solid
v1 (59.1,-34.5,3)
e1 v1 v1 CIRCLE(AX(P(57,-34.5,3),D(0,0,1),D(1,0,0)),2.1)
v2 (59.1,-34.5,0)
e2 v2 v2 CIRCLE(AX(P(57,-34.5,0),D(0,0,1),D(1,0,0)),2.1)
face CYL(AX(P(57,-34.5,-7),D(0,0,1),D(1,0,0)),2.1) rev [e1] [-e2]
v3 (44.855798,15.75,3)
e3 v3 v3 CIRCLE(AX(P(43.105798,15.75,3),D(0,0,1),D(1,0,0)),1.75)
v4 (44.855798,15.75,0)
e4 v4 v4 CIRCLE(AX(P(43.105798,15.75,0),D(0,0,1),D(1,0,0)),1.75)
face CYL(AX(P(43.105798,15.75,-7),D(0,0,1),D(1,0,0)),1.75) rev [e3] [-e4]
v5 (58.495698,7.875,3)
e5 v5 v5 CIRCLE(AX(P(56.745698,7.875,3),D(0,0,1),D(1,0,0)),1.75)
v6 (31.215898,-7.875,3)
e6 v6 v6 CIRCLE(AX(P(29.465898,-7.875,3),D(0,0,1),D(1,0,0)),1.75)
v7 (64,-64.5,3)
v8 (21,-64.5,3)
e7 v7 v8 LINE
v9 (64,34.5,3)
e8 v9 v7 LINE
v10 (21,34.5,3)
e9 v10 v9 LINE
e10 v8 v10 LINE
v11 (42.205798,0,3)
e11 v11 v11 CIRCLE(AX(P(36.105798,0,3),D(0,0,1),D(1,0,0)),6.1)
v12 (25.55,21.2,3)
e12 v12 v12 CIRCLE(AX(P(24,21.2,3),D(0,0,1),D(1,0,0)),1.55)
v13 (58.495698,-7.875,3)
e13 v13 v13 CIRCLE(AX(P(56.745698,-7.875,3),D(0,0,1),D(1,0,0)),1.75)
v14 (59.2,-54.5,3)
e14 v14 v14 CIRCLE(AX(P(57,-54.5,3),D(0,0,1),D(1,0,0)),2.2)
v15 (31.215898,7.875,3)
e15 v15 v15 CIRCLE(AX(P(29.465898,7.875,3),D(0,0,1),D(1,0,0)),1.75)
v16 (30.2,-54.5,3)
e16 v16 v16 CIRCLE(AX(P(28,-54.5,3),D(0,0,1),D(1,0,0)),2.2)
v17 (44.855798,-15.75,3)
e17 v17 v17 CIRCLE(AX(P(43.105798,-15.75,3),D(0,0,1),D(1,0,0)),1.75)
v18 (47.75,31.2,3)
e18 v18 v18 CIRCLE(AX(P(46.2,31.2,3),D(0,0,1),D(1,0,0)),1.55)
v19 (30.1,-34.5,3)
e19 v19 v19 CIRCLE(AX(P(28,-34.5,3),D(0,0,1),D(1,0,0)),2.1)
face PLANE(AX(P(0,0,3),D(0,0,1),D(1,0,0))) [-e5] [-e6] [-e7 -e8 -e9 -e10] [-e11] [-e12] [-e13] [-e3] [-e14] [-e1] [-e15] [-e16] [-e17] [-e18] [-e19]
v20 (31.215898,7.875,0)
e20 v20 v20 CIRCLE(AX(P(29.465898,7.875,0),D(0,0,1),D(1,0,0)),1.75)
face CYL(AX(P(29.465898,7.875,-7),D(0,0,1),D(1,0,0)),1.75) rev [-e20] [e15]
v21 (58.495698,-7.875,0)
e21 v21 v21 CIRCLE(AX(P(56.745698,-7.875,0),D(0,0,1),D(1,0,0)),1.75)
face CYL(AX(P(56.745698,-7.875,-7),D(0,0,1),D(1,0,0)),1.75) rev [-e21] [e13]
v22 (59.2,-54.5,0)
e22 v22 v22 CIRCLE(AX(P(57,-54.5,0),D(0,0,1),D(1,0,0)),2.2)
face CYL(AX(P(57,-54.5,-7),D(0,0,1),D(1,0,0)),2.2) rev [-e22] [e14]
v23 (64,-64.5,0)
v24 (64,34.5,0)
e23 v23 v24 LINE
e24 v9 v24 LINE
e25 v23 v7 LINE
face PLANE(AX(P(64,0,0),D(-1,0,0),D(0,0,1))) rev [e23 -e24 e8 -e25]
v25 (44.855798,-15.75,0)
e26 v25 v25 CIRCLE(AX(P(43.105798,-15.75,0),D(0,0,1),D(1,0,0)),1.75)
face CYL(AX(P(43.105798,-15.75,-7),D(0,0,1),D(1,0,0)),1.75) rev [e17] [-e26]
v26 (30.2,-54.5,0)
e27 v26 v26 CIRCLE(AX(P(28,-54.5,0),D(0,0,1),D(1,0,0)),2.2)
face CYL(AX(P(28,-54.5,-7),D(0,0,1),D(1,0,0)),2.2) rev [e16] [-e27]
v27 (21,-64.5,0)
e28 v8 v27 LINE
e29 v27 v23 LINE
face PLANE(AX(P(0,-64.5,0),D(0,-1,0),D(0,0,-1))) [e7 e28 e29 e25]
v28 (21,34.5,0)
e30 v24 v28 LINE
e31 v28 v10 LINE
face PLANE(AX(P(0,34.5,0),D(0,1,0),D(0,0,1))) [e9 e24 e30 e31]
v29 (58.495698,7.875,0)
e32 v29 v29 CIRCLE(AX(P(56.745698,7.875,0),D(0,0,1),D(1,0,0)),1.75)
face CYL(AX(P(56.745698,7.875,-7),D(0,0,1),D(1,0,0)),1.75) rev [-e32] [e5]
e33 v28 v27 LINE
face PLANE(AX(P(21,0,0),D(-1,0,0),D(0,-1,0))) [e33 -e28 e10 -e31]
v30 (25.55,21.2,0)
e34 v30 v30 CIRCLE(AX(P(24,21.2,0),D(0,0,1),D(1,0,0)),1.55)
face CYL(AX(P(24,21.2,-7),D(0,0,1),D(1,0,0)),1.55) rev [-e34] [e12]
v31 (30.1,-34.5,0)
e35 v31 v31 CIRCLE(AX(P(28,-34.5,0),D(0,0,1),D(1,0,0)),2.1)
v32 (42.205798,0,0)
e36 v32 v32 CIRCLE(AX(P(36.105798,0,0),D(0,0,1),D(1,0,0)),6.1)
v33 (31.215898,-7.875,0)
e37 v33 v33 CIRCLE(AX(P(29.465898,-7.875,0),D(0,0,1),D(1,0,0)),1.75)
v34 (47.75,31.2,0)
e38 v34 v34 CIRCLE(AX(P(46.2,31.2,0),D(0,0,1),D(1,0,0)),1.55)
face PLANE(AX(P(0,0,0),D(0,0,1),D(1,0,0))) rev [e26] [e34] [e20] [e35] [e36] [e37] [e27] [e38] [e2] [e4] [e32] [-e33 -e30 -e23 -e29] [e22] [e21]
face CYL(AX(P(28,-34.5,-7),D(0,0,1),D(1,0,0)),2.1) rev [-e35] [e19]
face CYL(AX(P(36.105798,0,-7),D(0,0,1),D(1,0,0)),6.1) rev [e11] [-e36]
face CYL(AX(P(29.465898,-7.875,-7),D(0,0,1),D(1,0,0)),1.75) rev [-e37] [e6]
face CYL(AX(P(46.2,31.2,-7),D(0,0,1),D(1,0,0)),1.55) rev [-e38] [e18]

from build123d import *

# Parameters (mm, degrees)
SKETCH_1_W          = 40
SKETCH_1_H          = 29
EXTRUDE_1_DEPTH     = 3
CUT_EXTRUDE_1_DEPTH = 3
SKETCH_3_W          = 40
SKETCH_3_H          = 3
EXTRUDE_2_DEPTH     = 10
SKETCH_4_W          = 40
SKETCH_4_H          = 3
EXTRUDE_3_DEPTH     = 10
SKETCH_6_W          = 3
SKETCH_6_H          = 49
EXTRUDE_5_DEPTH     = 42
SKETCH_8_W          = 3
SKETCH_8_H          = 49
EXTRUDE_6_DEPTH     = 2
SKETCH_9_W          = 3
SKETCH_9_H          = 49
EXTRUDE_7_DEPTH     = 2
SKETCH_10_W         = 86
SKETCH_10_H         = 3
EXTRUDE_8_DEPTH     = 10
SKETCH_11_W         = 86
SKETCH_11_H         = 3
EXTRUDE_9_DEPTH     = 10
SKETCH_7_R          = 1.75
SKETCH_7_R_2        = 6.1
CUT_EXTRUDE_4_DEPTH = 10
SKETCH_14_W         = 3
SKETCH_14_H         = 69
CUT_EXTRUDE_5_DEPTH = 43
SKETCH_17_W         = 43
SKETCH_17_H         = 3
EXTRUDE_10_DEPTH    = 20
SKETCH_18_R         = 2.1
CUT_EXTRUDE_6_DEPTH = 10
SKETCH_20_W         = 43
SKETCH_20_H         = 3
EXTRUDE_11_DEPTH    = 10
SKETCH_21_W         = 43
SKETCH_21_H         = 3
CUT_EXTRUDE_7_DEPTH = 10
SKETCH_22_R         = 2.2
CUT_EXTRUDE_8_DEPTH = 10
SKETCH_24_W         = 43
SKETCH_24_H         = 3
EXTRUDE_12_DEPTH    = 10
SKETCH_25_R         = 1.55
CUT_EXTRUDE_9_DEPTH = 10


with BuildPart() as part:
    # ｽｹｯﾁ1 → ﾎﾞｽ - 押し出し1 (new body)
    with BuildSketch(Plane.XY):
        Rectangle(SKETCH_1_W, SKETCH_1_H)
    extrude(amount=EXTRUDE_1_DEPTH)

    # ｽｹｯﾁ2 → ｶｯﾄ - 押し出し1 (cut)
    with BuildSketch(Plane.XY.offset(3)):
        with BuildLine():
            ThreePointArc((-14.4, 10.5), (-15.01507576, 11.98492424), (-16.5, 12.6))
            Line((-16.5, 12.6), (-16.5, 10.5))
            Line((-16.5, 10.5), (-18.6, 10.5))
            ThreePointArc((-18.6, 10.5), (-16.5, 8.4), (-14.4, 10.5))
        make_face()
        with BuildLine():
            Line((-16.5, 10.5), (-16.5, 12.6))
            ThreePointArc((-16.5, 12.6), (-17.98492424, 11.98492424), (-18.6, 10.5))
            Line((-18.6, 10.5), (-16.5, 10.5))
        make_face()
        with BuildLine():
            ThreePointArc((-18.6, -10.5), (-17.98492424, -11.98492424), (-16.5, -12.6))
            Line((-16.5, -12.6), (-16.5, -10.5))
            Line((-16.5, -10.5), (-18.6, -10.5))
        make_face()
        with BuildLine():
            Line((-16.5, -10.5), (-16.5, -12.6))
            ThreePointArc((-16.5, -12.6), (-15.01507576, -11.98492424), (-14.4, -10.5))
            ThreePointArc((-14.4, -10.5), (-16.5, -8.4), (-18.6, -10.5))
            Line((-18.6, -10.5), (-16.5, -10.5))
        make_face()
        with BuildLine():
            ThreePointArc((18.6, -10.5), (15.01507576, -9.01507576), (16.5, -12.6))
            Line((16.5, -12.6), (16.5, -10.5))
            Line((16.5, -10.5), (18.6, -10.5))
        make_face()
        with BuildLine():
            Line((16.5, -10.5), (16.5, -12.6))
            ThreePointArc((16.5, -12.6), (17.98492424, -11.98492424), (18.6, -10.5))
            Line((18.6, -10.5), (16.5, -10.5))
        make_face()
        with BuildLine():
            ThreePointArc((18.6, 10.5), (17.98492424, 11.98492424), (16.5, 12.6))
            Line((16.5, 12.6), (16.5, 10.5))
            Line((16.5, 10.5), (18.6, 10.5))
        make_face()
        with BuildLine():
            Line((16.5, 10.5), (16.5, 12.6))
            ThreePointArc((16.5, 12.6), (15.01507576, 9.01507576), (18.6, 10.5))
            Line((18.6, 10.5), (16.5, 10.5))
        make_face()
    extrude(amount=-CUT_EXTRUDE_1_DEPTH, mode=Mode.SUBTRACT)

    # ｽｹｯﾁ3 → ﾎﾞｽ - 押し出し2 (add)
    with BuildSketch(Plane.XZ.offset(14.5)):
        with Locations((0, 1.5)):
            Rectangle(SKETCH_3_W, SKETCH_3_H)
    extrude(amount=EXTRUDE_2_DEPTH)

    # ｽｹｯﾁ4 → ﾎﾞｽ - 押し出し3 (add)
    with BuildSketch(Plane(origin=(0, 14.5, 0), x_dir=(1, 0, 0), z_dir=(0, 1, 0))):
        with Locations((0, -1.5)):
            Rectangle(SKETCH_4_W, SKETCH_4_H)
    extrude(amount=EXTRUDE_3_DEPTH)

    # ｽｹｯﾁ6 → ﾎﾞｽ - 押し出し5 (add)
    with BuildSketch(Plane(origin=(20, 0, 0), x_dir=(0, 0, -1), z_dir=(1, 0, 0))):
        with Locations((-1.5, 0)):
            Rectangle(SKETCH_6_W, SKETCH_6_H)
    extrude(amount=EXTRUDE_5_DEPTH)

    # ｽｹｯﾁ8 → ﾎﾞｽ - 押し出し6 (add)
    with BuildSketch(Plane.ZY.offset(20)):
        with Locations((1.5, 0)):
            Rectangle(SKETCH_8_W, SKETCH_8_H)
    extrude(amount=EXTRUDE_6_DEPTH)

    # ｽｹｯﾁ9 → ﾎﾞｽ - 押し出し7 (add)
    with BuildSketch(Plane(origin=(62, 0, 0), x_dir=(0, 0, -1), z_dir=(1, 0, 0))):
        with Locations((-1.5, 0)):
            Rectangle(SKETCH_9_W, SKETCH_9_H)
    extrude(amount=EXTRUDE_7_DEPTH)

    # ｽｹｯﾁ10 → ﾎﾞｽ - 押し出し8 (add)
    with BuildSketch(Plane.XZ.offset(24.5)):
        with Locations((21, 1.5)):
            Rectangle(SKETCH_10_W, SKETCH_10_H)
    extrude(amount=EXTRUDE_8_DEPTH)

    # ｽｹｯﾁ11 → ﾎﾞｽ - 押し出し9 (add)
    with BuildSketch(Plane(origin=(0, 24.5, 0), x_dir=(1, 0, 0), z_dir=(0, 1, 0))):
        with Locations((21, -1.5)):
            Rectangle(SKETCH_11_W, SKETCH_11_H)
    extrude(amount=EXTRUDE_9_DEPTH)

    # ｽｹｯﾁ7 → ｶｯﾄ - 押し出し4 (cut)
    with BuildSketch(Plane.XY.offset(3)):
        with Locations((56.745697969, 7.875)):
            Circle(SKETCH_7_R)
        with Locations((56.745697969, -7.875)):
            Circle(SKETCH_7_R)
        with Locations((36.10579786, 0)):
            Circle(SKETCH_7_R_2)
        with Locations((43.10579786, 15.75)):
            Circle(SKETCH_7_R)
        with Locations((43.10579786, -15.75)):
            Circle(SKETCH_7_R)
        with Locations((29.46589775, 7.875)):
            Circle(SKETCH_7_R)
        with Locations((29.46589775, -7.875)):
            Circle(SKETCH_7_R)
    extrude(amount=-CUT_EXTRUDE_4_DEPTH, mode=Mode.SUBTRACT)

    # ｽｹｯﾁ14 → ｶｯﾄ - 押し出し5 (cut)
    with BuildSketch(Plane.ZY.offset(22)):
        with Locations((1.5, 0)):
            Rectangle(SKETCH_14_W, SKETCH_14_H)
    extrude(amount=-CUT_EXTRUDE_5_DEPTH, mode=Mode.SUBTRACT)

    # ｽｹｯﾁ17 → ﾎﾞｽ - 押し出し10 (add)
    with BuildSketch(Plane.XZ.offset(34.5)):
        with Locations((42.5, 1.5)):
            Rectangle(SKETCH_17_W, SKETCH_17_H)
    extrude(amount=EXTRUDE_10_DEPTH)

    # ｽｹｯﾁ18 → ｶｯﾄ - 押し出し6 (cut)
    with BuildSketch(Plane.XY.offset(3)):
        with Locations((28, -34.5)):
            Circle(SKETCH_18_R)
        with Locations((57, -34.5)):
            Circle(SKETCH_18_R)
    extrude(amount=-CUT_EXTRUDE_6_DEPTH, mode=Mode.SUBTRACT)

    # ｽｹｯﾁ20 → ﾎﾞｽ - 押し出し11 (add)
    with BuildSketch(Plane.XZ.offset(54.5)):
        with Locations((42.5, 1.5)):
            Rectangle(SKETCH_20_W, SKETCH_20_H)
    extrude(amount=EXTRUDE_11_DEPTH)

    # ｽｹｯﾁ21 → ｶｯﾄ - 押し出し7 (cut)
    with BuildSketch(Plane(origin=(0, 34.5, 0), x_dir=(1, 0, 0), z_dir=(0, 1, 0))):
        with Locations((42.5, -1.5)):
            Rectangle(SKETCH_21_W, SKETCH_21_H)
    extrude(amount=-CUT_EXTRUDE_7_DEPTH, mode=Mode.SUBTRACT)

    # ｽｹｯﾁ22 → ｶｯﾄ - 押し出し8 (cut)
    with BuildSketch(Plane.XY.offset(3)):
        with Locations((28, -54.5)):
            Circle(SKETCH_22_R)
        with Locations((57, -54.5)):
            Circle(SKETCH_22_R)
    extrude(amount=-CUT_EXTRUDE_8_DEPTH, mode=Mode.SUBTRACT)

    # ｽｹｯﾁ24 → ﾎﾞｽ - 押し出し12 (add)
    with BuildSketch(Plane(origin=(0, 24.5, 0), x_dir=(1, 0, 0), z_dir=(0, 1, 0))):
        with Locations((42.5, -1.5)):
            Rectangle(SKETCH_24_W, SKETCH_24_H)
    extrude(amount=EXTRUDE_12_DEPTH)

    # ｽｹｯﾁ25 → ｶｯﾄ - 押し出し9 (cut)
    with BuildSketch(Plane.XY.offset(3)):
        with Locations((24, 21.2)):
            Circle(SKETCH_25_R)
        with Locations((46.2, 31.2)):
            Circle(SKETCH_25_R)
    extrude(amount=-CUT_EXTRUDE_9_DEPTH, mode=Mode.SUBTRACT)


solid = part.part
